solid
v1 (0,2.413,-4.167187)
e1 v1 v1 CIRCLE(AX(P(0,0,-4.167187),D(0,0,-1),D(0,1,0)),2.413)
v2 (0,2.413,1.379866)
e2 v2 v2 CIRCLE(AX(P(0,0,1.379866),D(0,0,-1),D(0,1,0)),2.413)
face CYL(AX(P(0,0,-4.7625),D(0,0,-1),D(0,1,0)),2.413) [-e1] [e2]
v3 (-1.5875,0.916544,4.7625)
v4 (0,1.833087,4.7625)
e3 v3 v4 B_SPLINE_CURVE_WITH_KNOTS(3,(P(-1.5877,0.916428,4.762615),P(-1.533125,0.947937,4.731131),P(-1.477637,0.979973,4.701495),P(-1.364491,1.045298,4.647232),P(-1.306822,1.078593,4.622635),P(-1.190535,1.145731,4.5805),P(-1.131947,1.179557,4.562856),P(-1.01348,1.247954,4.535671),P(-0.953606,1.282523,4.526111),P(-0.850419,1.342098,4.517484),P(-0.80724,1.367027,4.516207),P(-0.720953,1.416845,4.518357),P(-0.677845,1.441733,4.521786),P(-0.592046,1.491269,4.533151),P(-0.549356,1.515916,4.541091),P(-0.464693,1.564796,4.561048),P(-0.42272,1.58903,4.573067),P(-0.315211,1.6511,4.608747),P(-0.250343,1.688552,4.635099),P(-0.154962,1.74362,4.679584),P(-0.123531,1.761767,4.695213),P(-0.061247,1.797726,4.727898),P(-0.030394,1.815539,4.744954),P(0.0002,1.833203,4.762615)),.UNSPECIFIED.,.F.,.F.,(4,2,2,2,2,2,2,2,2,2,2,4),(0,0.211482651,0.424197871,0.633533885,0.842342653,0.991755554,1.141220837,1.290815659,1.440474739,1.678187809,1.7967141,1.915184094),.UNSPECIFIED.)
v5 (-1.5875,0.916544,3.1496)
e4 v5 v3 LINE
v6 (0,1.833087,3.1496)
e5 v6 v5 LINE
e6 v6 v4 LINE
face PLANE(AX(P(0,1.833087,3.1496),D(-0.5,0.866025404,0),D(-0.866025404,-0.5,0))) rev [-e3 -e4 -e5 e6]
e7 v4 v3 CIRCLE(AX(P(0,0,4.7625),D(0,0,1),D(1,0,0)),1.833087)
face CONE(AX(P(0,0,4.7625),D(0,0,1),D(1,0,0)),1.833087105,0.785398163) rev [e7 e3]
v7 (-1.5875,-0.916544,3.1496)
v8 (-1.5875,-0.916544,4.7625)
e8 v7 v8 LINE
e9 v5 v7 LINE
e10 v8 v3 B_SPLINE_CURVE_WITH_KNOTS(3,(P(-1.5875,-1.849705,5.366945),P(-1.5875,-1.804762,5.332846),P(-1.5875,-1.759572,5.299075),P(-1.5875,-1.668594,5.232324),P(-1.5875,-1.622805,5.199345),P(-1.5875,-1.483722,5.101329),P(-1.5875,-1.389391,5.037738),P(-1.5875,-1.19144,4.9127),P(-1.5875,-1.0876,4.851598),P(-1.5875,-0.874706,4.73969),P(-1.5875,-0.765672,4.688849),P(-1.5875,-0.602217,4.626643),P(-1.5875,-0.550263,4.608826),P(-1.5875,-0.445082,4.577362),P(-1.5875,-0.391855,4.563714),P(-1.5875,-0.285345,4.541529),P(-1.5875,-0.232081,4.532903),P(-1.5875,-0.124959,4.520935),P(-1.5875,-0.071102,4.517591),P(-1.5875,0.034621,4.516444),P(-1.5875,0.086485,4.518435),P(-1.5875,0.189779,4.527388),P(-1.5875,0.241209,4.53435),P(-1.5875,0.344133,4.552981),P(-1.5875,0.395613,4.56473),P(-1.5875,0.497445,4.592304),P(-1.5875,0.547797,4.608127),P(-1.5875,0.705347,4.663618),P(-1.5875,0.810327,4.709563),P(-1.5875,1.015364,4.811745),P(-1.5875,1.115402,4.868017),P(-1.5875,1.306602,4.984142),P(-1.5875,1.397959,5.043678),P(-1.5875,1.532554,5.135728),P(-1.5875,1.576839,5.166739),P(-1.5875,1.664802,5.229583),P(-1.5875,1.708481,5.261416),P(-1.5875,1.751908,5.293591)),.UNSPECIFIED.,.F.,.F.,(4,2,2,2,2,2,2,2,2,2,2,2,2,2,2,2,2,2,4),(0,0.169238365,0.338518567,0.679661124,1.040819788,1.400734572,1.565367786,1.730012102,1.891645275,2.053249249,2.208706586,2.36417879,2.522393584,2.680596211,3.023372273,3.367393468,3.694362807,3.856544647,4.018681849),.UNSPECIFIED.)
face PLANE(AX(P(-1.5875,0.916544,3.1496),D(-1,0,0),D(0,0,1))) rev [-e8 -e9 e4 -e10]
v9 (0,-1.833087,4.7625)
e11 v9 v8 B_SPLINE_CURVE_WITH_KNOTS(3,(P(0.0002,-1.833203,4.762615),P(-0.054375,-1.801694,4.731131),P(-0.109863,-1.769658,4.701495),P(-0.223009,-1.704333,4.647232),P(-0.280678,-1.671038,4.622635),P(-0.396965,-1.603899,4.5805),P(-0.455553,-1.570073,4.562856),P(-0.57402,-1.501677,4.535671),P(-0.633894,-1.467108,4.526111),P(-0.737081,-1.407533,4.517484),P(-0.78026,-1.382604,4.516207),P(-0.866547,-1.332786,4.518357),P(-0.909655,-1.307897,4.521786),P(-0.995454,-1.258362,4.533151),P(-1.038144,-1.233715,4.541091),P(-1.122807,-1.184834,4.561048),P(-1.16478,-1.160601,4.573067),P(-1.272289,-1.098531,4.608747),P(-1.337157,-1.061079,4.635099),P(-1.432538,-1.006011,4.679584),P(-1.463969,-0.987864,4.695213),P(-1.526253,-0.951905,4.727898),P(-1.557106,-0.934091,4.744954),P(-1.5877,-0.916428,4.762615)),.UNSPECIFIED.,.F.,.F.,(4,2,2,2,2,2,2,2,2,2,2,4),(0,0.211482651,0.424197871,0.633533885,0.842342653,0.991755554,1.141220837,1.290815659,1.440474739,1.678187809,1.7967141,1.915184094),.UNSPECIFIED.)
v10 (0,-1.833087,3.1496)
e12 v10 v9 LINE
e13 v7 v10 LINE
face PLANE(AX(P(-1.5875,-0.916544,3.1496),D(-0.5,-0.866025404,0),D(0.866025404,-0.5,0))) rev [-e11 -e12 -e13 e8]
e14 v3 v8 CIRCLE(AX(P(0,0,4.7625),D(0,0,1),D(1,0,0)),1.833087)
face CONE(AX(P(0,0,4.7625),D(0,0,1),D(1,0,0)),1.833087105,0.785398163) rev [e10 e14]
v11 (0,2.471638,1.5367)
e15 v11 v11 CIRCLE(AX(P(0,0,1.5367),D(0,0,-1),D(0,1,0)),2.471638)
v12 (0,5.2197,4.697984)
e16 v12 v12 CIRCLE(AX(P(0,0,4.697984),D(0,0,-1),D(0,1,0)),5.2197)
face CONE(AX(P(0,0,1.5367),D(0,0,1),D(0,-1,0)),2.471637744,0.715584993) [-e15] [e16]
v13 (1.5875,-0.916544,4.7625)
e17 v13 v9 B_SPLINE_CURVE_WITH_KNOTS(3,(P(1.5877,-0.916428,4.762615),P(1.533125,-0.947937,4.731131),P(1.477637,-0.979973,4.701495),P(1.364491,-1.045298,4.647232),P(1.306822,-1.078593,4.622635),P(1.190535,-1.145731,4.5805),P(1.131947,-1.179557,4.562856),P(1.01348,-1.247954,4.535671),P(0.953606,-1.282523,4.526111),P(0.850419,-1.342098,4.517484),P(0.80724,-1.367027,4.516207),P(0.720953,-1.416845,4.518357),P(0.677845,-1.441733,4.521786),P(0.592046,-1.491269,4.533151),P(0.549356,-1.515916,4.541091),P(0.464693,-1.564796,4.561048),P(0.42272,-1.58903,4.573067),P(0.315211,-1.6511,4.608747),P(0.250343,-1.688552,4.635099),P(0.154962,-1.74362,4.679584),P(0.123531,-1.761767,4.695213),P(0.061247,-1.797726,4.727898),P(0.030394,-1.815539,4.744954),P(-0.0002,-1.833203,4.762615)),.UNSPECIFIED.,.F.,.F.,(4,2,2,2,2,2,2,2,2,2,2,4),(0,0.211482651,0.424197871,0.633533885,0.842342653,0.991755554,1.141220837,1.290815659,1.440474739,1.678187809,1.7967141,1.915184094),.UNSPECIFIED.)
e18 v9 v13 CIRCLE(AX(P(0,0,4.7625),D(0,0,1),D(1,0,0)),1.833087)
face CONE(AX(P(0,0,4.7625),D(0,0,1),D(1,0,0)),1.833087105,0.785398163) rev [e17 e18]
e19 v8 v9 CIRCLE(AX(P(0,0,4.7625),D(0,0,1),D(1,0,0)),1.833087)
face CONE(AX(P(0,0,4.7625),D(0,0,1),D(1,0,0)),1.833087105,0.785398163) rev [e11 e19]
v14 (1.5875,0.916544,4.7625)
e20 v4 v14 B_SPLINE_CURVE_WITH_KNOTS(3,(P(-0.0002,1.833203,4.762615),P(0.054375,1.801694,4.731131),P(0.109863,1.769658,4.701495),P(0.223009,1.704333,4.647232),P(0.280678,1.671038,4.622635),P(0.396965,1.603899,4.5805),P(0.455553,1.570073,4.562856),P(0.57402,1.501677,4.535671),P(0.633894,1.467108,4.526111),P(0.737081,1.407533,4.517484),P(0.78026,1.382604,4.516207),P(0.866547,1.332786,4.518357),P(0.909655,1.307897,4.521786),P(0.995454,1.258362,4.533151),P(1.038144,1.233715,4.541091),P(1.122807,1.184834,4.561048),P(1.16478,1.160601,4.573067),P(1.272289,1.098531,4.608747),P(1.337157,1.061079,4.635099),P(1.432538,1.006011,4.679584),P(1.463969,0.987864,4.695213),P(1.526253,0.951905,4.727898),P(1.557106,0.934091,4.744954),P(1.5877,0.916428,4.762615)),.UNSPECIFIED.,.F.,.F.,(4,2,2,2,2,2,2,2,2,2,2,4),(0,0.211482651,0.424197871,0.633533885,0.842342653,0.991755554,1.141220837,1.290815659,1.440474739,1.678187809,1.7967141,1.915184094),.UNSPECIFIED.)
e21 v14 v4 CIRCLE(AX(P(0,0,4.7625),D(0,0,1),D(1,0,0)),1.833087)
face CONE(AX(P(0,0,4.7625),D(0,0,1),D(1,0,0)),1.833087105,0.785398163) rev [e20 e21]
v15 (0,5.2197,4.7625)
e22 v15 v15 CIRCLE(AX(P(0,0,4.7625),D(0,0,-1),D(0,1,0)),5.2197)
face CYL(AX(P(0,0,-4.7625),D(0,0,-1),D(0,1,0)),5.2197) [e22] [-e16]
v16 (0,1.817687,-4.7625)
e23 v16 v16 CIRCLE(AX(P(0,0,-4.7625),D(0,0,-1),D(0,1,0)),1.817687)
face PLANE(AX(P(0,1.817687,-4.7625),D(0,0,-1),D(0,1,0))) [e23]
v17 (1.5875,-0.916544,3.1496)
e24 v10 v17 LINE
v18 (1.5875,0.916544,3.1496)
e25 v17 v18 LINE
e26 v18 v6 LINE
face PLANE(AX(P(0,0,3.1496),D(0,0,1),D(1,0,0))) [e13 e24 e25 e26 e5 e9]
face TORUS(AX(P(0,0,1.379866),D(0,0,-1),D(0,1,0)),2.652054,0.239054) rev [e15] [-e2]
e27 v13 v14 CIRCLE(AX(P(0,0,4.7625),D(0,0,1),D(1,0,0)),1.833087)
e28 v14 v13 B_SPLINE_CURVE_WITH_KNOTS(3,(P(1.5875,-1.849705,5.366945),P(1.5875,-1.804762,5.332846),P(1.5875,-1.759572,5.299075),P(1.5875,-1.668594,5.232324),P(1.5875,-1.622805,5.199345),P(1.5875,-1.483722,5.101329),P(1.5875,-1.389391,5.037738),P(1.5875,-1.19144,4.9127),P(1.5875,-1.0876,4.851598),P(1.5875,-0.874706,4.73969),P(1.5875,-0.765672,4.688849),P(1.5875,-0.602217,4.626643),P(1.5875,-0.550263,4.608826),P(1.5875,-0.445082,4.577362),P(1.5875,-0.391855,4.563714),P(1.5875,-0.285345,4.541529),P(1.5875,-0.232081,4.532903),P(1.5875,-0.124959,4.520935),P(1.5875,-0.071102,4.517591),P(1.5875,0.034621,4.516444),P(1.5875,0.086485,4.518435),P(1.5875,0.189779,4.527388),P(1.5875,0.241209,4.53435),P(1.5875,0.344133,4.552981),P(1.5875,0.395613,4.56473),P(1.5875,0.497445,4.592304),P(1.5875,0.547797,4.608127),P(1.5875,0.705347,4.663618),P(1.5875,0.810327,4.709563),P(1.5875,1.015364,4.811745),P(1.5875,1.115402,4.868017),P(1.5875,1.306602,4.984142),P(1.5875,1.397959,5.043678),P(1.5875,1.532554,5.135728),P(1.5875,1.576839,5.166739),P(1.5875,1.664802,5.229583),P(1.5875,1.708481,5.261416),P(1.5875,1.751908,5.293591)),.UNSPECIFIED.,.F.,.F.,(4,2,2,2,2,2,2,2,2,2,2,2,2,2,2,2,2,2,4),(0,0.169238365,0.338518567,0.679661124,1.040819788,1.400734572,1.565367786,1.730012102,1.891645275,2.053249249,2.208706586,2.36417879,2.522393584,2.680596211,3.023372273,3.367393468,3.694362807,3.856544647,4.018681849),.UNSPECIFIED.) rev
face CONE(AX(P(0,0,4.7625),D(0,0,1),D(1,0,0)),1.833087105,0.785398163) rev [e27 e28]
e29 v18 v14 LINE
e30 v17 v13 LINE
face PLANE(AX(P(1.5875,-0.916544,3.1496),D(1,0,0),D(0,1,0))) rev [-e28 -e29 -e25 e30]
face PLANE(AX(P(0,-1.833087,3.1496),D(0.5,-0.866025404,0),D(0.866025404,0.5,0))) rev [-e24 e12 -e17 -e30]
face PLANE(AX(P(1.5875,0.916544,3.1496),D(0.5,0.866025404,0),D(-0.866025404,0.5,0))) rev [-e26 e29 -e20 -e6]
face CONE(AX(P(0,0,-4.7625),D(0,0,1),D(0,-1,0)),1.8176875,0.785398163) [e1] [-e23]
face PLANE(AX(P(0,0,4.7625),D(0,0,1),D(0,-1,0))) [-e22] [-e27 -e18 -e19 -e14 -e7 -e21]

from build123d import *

# Parameters (mm, degrees)
SKETCH10_R         = 1.833087105
CUT_EXTRUDE2_DEPTH = 1.6129
CUT_EXTRUDE2_DRAFT = -45
CUT_EXTRUDE1_DEPTH = 1.6129


with BuildPart() as part:
    # Sketch2 → Revolve1 (revolve)
    with BuildSketch(Plane(origin=(0, 0, 0), x_dir=(0, 0, -1), z_dir=(1, 0, 0))):
        with BuildLine():
            Line((-4.697984, 5.2197), (-1.5367, 2.471637744))
            ThreePointArc((-1.5367, 2.471637744), (-1.46358483, 2.428138789), (-1.379866229, 2.413))
            Line((-1.379866229, 2.413), (4.1671875, 2.413))
            Line((4.1671875, 2.413), (4.7625, 1.8176875))
            Line((4.7625, 1.8176875), (4.7625, 0))
            Line((4.7625, 0), (-4.7625, 0))
            Line((-4.7625, 0), (-4.7625, 5.2197))
            Line((-4.7625, 5.2197), (-4.697984, 5.2197))
        make_face()
    revolve(axis=Axis((0, 0, -4.7625), (0, 0, 1)))


with BuildPart() as cut_extrude2_tool:
    # Sketch10 → Cut-Extrude2 (with draft: the straight prism first)
    with BuildSketch(Plane.XY.offset(4.7625)):
        Circle(SKETCH10_R)
    extrude(amount=-CUT_EXTRUDE2_DEPTH)
    # Cut-Extrude2: the draft: its side faces are tilted about the plane it starts from
    cut_extrude2_sides = [cut_extrude2_tool.faces().sort_by_distance(p)[0] for p in [
        (-1.833087105, 0, 3.95605),
    ]]
    draft(cut_extrude2_sides, Plane.XY.offset(4.7625), CUT_EXTRUDE2_DRAFT)


with BuildPart() as part_1:
    add(part.part)

    # Cut-Extrude2: cut by cut_extrude2_tool
    add(cut_extrude2_tool.part, mode=Mode.SUBTRACT)

    # Sketch9 → Cut-Extrude1 (cut)
    with BuildSketch(Plane.XY.offset(4.7625)):
        Polygon((1.5875, -0.916543552), (1.5875, 0.916543552), (0, 1.833087105), (-1.5875, 0.916543552), (-1.5875, -0.916543552), (0, -1.833087105), align=None)
    extrude(amount=-CUT_EXTRUDE1_DEPTH, mode=Mode.SUBTRACT)


solid = part_1.part
